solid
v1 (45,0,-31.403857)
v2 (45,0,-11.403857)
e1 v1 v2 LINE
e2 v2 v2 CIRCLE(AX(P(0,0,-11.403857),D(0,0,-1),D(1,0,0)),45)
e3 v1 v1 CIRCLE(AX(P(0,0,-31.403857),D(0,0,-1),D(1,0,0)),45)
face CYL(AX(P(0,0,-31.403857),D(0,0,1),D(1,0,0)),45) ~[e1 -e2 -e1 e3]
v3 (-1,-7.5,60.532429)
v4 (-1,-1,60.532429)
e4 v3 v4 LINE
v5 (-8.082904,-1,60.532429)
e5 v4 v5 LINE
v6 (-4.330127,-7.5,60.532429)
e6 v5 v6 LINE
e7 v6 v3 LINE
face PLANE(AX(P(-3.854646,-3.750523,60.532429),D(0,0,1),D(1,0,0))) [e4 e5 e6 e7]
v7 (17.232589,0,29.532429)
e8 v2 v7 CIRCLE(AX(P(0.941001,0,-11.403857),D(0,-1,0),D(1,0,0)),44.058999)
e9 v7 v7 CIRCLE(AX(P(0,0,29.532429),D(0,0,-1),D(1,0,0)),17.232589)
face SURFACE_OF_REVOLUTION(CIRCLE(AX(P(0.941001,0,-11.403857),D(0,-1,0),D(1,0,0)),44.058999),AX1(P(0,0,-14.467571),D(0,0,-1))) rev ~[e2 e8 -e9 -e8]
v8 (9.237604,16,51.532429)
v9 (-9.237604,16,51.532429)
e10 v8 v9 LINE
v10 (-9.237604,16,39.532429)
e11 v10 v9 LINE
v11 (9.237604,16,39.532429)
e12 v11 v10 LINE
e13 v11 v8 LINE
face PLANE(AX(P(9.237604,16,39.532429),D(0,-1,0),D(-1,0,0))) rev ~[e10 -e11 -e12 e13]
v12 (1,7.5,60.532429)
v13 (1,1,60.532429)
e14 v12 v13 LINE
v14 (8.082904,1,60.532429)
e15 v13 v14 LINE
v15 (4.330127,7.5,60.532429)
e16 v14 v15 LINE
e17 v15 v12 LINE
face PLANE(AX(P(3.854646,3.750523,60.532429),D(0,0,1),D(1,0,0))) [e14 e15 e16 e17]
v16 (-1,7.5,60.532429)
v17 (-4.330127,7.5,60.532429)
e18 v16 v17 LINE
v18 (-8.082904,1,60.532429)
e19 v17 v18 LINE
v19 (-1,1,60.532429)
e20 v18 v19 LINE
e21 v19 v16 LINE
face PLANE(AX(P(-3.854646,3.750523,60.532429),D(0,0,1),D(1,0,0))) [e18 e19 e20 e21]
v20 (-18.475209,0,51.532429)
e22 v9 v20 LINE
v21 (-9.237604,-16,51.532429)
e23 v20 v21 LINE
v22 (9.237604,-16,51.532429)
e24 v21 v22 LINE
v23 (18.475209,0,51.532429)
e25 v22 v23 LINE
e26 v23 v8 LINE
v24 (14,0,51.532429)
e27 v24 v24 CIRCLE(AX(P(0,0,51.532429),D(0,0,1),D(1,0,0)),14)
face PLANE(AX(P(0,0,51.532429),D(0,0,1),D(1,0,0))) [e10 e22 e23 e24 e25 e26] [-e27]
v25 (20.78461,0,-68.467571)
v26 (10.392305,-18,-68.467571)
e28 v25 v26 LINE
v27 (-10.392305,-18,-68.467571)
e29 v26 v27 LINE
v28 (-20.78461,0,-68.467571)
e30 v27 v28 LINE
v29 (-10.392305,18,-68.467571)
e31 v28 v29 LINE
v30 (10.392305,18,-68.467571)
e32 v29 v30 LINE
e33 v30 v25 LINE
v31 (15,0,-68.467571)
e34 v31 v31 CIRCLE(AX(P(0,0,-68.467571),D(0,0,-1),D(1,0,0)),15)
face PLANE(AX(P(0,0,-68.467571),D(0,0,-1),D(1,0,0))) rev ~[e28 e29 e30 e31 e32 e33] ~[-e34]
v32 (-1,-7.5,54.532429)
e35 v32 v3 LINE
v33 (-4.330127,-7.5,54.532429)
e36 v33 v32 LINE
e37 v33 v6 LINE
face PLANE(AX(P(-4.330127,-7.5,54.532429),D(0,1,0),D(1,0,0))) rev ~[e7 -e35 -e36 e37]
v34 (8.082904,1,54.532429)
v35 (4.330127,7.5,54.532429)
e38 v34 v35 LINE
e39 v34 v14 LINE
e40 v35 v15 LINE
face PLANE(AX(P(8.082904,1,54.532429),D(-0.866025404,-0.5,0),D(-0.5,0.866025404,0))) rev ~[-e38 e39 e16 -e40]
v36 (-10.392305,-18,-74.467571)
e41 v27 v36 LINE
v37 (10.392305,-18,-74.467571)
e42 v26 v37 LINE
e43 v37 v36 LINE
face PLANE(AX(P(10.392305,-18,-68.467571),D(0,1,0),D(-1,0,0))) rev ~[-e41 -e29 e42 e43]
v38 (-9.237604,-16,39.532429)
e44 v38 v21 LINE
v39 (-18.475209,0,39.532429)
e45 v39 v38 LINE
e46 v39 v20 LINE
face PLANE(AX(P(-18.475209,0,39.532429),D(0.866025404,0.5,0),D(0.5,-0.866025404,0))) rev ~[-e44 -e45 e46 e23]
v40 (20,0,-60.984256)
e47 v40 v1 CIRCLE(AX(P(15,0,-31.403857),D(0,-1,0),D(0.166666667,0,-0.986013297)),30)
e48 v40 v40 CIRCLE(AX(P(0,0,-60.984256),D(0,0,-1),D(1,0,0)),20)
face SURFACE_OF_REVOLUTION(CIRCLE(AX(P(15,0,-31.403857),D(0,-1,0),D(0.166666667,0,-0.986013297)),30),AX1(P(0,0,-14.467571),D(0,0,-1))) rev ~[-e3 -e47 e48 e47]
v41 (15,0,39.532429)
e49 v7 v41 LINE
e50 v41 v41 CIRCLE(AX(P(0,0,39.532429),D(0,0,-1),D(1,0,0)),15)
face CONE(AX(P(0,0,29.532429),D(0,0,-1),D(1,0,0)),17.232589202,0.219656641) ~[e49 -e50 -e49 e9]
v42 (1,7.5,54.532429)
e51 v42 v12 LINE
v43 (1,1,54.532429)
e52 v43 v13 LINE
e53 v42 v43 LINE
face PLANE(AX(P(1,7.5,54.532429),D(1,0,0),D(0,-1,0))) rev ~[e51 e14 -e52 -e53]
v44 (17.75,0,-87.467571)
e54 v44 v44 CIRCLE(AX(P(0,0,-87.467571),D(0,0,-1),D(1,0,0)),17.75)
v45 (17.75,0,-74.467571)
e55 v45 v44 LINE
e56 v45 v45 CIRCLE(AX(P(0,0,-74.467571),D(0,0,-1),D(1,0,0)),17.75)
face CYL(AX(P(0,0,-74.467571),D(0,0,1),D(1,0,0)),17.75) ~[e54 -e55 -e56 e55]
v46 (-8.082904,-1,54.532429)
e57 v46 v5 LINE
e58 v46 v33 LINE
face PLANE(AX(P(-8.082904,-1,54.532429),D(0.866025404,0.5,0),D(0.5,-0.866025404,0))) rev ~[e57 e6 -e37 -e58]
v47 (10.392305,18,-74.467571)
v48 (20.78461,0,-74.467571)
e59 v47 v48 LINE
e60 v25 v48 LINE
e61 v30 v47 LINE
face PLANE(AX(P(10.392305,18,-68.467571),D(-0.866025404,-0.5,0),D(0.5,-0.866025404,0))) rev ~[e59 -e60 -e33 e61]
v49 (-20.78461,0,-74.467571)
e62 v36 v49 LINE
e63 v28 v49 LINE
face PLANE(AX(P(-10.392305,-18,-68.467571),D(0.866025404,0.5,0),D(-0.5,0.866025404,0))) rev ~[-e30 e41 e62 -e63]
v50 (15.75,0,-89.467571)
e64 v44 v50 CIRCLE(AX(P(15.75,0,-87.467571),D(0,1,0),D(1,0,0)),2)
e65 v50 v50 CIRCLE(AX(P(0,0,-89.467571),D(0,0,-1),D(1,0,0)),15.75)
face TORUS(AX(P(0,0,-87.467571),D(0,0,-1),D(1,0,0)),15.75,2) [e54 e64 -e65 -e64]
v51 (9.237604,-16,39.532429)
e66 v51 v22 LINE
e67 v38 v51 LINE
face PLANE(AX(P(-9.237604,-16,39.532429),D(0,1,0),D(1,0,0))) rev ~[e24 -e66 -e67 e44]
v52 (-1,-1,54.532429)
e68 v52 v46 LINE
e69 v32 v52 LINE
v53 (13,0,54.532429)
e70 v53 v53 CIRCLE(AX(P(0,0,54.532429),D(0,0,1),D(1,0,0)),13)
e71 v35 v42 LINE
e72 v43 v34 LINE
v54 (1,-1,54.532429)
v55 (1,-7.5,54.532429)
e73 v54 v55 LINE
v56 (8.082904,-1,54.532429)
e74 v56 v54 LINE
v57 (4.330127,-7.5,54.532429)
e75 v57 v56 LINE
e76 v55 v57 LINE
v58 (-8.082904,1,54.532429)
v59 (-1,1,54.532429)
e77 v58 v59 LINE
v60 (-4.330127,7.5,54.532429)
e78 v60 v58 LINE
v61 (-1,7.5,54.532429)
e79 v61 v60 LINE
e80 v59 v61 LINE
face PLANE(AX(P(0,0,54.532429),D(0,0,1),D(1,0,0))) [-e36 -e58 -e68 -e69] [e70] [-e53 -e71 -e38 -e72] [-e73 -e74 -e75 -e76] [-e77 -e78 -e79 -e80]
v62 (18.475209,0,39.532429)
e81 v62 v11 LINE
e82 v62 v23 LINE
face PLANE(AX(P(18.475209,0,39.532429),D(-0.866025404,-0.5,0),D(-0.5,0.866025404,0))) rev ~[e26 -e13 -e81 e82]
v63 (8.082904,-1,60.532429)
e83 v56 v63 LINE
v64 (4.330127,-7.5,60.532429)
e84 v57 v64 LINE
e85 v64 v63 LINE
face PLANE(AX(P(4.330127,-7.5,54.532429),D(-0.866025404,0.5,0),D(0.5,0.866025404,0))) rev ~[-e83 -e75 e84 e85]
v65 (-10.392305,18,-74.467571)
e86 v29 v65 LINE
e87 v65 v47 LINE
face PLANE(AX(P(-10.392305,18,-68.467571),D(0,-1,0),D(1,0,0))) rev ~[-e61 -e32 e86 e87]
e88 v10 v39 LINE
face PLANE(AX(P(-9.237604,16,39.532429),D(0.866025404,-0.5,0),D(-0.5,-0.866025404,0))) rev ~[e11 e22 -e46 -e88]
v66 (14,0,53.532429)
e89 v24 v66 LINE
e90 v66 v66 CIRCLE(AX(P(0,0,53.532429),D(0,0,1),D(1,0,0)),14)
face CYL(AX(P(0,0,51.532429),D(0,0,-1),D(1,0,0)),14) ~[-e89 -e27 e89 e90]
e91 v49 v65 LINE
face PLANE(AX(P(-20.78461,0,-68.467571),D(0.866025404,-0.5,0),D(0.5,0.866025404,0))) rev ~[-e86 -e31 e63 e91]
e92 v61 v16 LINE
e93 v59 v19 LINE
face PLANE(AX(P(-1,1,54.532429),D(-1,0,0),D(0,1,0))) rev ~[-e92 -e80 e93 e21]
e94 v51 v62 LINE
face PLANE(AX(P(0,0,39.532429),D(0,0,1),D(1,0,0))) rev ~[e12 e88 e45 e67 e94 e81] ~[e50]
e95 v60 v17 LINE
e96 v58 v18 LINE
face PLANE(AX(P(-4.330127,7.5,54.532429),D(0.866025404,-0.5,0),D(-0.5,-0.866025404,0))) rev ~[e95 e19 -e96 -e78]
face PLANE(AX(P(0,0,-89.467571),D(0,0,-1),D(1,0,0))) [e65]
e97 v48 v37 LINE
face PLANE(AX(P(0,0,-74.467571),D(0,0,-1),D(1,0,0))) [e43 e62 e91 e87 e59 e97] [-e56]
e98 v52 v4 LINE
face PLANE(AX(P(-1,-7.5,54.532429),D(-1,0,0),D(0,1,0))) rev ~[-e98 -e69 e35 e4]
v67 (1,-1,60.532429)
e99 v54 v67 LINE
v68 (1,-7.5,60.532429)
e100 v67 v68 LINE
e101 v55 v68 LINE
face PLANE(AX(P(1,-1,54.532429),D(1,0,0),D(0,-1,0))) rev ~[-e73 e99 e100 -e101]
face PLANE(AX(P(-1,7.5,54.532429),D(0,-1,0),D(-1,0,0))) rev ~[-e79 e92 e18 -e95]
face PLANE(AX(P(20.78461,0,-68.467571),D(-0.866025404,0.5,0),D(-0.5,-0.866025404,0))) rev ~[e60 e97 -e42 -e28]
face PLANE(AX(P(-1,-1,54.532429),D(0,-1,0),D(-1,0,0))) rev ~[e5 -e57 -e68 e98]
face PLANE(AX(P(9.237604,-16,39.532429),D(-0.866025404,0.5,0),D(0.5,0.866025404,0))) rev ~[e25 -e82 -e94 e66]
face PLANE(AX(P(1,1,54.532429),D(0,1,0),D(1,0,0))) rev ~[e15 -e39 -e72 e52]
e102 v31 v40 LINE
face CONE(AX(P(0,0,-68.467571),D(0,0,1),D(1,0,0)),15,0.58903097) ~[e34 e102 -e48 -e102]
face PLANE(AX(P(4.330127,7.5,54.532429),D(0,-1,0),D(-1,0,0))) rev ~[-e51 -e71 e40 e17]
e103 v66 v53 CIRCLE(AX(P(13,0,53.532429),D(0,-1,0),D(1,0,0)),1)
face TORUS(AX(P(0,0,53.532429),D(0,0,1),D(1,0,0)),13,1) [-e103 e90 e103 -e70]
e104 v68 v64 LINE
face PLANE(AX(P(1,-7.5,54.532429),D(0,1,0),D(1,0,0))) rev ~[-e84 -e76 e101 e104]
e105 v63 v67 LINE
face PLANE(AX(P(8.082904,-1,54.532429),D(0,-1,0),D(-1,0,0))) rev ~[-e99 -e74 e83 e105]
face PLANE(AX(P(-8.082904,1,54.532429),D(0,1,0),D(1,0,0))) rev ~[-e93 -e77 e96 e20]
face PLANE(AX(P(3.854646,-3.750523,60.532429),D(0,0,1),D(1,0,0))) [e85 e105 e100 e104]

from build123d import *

# Parameters (mm, degrees)
F2_R      = 15
F3_DEPTH  = 12
F4_R      = 14
F5_DEPTH  = 3
F6_R      = 1
F8_DEPTH  = 6
F9_R      = 15
F10_DEPTH = 6
F11_R     = 17.75
F12_DEPTH = 15
F13_R     = 2


with BuildPart() as f1:
    # F0 (on Front) → F1 (revolve)
    with BuildSketch(Plane.XZ):
        with BuildLine():
            Line((15, 39.5324291697), (0, 39.5324291697))
            Line((0, 39.5324291697), (0, -68.4675708303))
            Line((0, -68.4675708303), (15, -68.4675708303))
            Line((15, -68.4675708303), (20, -60.9842560568))
            ThreePointArc((20, -60.9842560568), (37.9128784748, -50.7687738723), (45, -31.4038571413))
            Line((45, -31.4038571413), (45, -11.4038571413))
            ThreePointArc((45, -11.4038571413), (37.4032174761, 13.3287561425), (17.2325892015, 29.5324291697))
            Line((17.2325892015, 29.5324291697), (15, 39.5324291697))
        make_face()
    revolve(axis=Axis((0, 0, -14.4675708303), (0, 0, -1)))

    # F2 (on face) → F3 (join)
    with BuildSketch(Plane.XY.offset(39.5324291697)):
        Polygon((9.237604307, -16), (18.4752086141, 0), (9.237604307, 16), (-9.237604307, 16), (-18.4752086141, 0), (-9.237604307, -16), align=None)
        Circle(F2_R, mode=Mode.SUBTRACT)
        Polygon((9.237604307, -16), (18.4752086141, 0), (9.237604307, 16), (-9.237604307, 16), (-18.4752086141, 0), (-9.237604307, -16), align=None)
    extrude(amount=F3_DEPTH)

    # F4 (on face) → F5 (join)
    with BuildSketch(Plane.XY.offset(51.5324291697)):
        Circle(F4_R)
    extrude(amount=F5_DEPTH)

    # F6
    f6_edges = [f1.edges().sort_by_distance(p)[0] for p in [
        (-14, 0, 54.532429),
    ]]
    fillet(f6_edges, radius=F6_R)

    # F7 (on face) → F8 (join)
    with BuildSketch(Plane.XY.offset(54.5324291697)):
        Polygon((4.3301270189, -7.5), (8.0829037687, -1), (1, -1), (1, -7.5), align=None)
        Polygon((-1, -7.5), (-1, -1), (-8.0829037687, -1), (-4.3301270189, -7.5), align=None)
        Polygon((1, 1), (8.0829037687, 1), (4.3301270189, 7.5), (1, 7.5), align=None)
        Polygon((-8.0829037687, 1), (-1, 1), (-1, 7.5), (-4.3301270189, 7.5), align=None)
    extrude(amount=F8_DEPTH)

    # F9 (on face) → F10 (join)
    with BuildSketch(Plane(origin=(0, 0, -68.4675708303), x_dir=(1, 0, 0), z_dir=(0, 0, -1))):
        Polygon((10.3923048454, -18), (20.7846096908, 0), (10.3923048454, 18), (-10.3923048454, 18), (-20.7846096908, 0), (-10.3923048454, -18), align=None)
        Circle(F9_R, mode=Mode.SUBTRACT)
        Polygon((10.3923048454, -18), (20.7846096908, 0), (10.3923048454, 18), (-10.3923048454, 18), (-20.7846096908, 0), (-10.3923048454, -18), align=None)
    extrude(amount=F10_DEPTH)

    # F11 (on face) → F12 (join)
    with BuildSketch(Plane(origin=(0, 0, -74.4675708303), x_dir=(1, 0, 0), z_dir=(0, 0, -1))):
        Circle(F11_R)
    extrude(amount=F12_DEPTH)

    # F13
    f13_edges = [f1.edges().sort_by_distance(p)[0] for p in [
        (-17.75, 0, -89.467571),
    ]]
    fillet(f13_edges, radius=F13_R)


solid = f1.part
